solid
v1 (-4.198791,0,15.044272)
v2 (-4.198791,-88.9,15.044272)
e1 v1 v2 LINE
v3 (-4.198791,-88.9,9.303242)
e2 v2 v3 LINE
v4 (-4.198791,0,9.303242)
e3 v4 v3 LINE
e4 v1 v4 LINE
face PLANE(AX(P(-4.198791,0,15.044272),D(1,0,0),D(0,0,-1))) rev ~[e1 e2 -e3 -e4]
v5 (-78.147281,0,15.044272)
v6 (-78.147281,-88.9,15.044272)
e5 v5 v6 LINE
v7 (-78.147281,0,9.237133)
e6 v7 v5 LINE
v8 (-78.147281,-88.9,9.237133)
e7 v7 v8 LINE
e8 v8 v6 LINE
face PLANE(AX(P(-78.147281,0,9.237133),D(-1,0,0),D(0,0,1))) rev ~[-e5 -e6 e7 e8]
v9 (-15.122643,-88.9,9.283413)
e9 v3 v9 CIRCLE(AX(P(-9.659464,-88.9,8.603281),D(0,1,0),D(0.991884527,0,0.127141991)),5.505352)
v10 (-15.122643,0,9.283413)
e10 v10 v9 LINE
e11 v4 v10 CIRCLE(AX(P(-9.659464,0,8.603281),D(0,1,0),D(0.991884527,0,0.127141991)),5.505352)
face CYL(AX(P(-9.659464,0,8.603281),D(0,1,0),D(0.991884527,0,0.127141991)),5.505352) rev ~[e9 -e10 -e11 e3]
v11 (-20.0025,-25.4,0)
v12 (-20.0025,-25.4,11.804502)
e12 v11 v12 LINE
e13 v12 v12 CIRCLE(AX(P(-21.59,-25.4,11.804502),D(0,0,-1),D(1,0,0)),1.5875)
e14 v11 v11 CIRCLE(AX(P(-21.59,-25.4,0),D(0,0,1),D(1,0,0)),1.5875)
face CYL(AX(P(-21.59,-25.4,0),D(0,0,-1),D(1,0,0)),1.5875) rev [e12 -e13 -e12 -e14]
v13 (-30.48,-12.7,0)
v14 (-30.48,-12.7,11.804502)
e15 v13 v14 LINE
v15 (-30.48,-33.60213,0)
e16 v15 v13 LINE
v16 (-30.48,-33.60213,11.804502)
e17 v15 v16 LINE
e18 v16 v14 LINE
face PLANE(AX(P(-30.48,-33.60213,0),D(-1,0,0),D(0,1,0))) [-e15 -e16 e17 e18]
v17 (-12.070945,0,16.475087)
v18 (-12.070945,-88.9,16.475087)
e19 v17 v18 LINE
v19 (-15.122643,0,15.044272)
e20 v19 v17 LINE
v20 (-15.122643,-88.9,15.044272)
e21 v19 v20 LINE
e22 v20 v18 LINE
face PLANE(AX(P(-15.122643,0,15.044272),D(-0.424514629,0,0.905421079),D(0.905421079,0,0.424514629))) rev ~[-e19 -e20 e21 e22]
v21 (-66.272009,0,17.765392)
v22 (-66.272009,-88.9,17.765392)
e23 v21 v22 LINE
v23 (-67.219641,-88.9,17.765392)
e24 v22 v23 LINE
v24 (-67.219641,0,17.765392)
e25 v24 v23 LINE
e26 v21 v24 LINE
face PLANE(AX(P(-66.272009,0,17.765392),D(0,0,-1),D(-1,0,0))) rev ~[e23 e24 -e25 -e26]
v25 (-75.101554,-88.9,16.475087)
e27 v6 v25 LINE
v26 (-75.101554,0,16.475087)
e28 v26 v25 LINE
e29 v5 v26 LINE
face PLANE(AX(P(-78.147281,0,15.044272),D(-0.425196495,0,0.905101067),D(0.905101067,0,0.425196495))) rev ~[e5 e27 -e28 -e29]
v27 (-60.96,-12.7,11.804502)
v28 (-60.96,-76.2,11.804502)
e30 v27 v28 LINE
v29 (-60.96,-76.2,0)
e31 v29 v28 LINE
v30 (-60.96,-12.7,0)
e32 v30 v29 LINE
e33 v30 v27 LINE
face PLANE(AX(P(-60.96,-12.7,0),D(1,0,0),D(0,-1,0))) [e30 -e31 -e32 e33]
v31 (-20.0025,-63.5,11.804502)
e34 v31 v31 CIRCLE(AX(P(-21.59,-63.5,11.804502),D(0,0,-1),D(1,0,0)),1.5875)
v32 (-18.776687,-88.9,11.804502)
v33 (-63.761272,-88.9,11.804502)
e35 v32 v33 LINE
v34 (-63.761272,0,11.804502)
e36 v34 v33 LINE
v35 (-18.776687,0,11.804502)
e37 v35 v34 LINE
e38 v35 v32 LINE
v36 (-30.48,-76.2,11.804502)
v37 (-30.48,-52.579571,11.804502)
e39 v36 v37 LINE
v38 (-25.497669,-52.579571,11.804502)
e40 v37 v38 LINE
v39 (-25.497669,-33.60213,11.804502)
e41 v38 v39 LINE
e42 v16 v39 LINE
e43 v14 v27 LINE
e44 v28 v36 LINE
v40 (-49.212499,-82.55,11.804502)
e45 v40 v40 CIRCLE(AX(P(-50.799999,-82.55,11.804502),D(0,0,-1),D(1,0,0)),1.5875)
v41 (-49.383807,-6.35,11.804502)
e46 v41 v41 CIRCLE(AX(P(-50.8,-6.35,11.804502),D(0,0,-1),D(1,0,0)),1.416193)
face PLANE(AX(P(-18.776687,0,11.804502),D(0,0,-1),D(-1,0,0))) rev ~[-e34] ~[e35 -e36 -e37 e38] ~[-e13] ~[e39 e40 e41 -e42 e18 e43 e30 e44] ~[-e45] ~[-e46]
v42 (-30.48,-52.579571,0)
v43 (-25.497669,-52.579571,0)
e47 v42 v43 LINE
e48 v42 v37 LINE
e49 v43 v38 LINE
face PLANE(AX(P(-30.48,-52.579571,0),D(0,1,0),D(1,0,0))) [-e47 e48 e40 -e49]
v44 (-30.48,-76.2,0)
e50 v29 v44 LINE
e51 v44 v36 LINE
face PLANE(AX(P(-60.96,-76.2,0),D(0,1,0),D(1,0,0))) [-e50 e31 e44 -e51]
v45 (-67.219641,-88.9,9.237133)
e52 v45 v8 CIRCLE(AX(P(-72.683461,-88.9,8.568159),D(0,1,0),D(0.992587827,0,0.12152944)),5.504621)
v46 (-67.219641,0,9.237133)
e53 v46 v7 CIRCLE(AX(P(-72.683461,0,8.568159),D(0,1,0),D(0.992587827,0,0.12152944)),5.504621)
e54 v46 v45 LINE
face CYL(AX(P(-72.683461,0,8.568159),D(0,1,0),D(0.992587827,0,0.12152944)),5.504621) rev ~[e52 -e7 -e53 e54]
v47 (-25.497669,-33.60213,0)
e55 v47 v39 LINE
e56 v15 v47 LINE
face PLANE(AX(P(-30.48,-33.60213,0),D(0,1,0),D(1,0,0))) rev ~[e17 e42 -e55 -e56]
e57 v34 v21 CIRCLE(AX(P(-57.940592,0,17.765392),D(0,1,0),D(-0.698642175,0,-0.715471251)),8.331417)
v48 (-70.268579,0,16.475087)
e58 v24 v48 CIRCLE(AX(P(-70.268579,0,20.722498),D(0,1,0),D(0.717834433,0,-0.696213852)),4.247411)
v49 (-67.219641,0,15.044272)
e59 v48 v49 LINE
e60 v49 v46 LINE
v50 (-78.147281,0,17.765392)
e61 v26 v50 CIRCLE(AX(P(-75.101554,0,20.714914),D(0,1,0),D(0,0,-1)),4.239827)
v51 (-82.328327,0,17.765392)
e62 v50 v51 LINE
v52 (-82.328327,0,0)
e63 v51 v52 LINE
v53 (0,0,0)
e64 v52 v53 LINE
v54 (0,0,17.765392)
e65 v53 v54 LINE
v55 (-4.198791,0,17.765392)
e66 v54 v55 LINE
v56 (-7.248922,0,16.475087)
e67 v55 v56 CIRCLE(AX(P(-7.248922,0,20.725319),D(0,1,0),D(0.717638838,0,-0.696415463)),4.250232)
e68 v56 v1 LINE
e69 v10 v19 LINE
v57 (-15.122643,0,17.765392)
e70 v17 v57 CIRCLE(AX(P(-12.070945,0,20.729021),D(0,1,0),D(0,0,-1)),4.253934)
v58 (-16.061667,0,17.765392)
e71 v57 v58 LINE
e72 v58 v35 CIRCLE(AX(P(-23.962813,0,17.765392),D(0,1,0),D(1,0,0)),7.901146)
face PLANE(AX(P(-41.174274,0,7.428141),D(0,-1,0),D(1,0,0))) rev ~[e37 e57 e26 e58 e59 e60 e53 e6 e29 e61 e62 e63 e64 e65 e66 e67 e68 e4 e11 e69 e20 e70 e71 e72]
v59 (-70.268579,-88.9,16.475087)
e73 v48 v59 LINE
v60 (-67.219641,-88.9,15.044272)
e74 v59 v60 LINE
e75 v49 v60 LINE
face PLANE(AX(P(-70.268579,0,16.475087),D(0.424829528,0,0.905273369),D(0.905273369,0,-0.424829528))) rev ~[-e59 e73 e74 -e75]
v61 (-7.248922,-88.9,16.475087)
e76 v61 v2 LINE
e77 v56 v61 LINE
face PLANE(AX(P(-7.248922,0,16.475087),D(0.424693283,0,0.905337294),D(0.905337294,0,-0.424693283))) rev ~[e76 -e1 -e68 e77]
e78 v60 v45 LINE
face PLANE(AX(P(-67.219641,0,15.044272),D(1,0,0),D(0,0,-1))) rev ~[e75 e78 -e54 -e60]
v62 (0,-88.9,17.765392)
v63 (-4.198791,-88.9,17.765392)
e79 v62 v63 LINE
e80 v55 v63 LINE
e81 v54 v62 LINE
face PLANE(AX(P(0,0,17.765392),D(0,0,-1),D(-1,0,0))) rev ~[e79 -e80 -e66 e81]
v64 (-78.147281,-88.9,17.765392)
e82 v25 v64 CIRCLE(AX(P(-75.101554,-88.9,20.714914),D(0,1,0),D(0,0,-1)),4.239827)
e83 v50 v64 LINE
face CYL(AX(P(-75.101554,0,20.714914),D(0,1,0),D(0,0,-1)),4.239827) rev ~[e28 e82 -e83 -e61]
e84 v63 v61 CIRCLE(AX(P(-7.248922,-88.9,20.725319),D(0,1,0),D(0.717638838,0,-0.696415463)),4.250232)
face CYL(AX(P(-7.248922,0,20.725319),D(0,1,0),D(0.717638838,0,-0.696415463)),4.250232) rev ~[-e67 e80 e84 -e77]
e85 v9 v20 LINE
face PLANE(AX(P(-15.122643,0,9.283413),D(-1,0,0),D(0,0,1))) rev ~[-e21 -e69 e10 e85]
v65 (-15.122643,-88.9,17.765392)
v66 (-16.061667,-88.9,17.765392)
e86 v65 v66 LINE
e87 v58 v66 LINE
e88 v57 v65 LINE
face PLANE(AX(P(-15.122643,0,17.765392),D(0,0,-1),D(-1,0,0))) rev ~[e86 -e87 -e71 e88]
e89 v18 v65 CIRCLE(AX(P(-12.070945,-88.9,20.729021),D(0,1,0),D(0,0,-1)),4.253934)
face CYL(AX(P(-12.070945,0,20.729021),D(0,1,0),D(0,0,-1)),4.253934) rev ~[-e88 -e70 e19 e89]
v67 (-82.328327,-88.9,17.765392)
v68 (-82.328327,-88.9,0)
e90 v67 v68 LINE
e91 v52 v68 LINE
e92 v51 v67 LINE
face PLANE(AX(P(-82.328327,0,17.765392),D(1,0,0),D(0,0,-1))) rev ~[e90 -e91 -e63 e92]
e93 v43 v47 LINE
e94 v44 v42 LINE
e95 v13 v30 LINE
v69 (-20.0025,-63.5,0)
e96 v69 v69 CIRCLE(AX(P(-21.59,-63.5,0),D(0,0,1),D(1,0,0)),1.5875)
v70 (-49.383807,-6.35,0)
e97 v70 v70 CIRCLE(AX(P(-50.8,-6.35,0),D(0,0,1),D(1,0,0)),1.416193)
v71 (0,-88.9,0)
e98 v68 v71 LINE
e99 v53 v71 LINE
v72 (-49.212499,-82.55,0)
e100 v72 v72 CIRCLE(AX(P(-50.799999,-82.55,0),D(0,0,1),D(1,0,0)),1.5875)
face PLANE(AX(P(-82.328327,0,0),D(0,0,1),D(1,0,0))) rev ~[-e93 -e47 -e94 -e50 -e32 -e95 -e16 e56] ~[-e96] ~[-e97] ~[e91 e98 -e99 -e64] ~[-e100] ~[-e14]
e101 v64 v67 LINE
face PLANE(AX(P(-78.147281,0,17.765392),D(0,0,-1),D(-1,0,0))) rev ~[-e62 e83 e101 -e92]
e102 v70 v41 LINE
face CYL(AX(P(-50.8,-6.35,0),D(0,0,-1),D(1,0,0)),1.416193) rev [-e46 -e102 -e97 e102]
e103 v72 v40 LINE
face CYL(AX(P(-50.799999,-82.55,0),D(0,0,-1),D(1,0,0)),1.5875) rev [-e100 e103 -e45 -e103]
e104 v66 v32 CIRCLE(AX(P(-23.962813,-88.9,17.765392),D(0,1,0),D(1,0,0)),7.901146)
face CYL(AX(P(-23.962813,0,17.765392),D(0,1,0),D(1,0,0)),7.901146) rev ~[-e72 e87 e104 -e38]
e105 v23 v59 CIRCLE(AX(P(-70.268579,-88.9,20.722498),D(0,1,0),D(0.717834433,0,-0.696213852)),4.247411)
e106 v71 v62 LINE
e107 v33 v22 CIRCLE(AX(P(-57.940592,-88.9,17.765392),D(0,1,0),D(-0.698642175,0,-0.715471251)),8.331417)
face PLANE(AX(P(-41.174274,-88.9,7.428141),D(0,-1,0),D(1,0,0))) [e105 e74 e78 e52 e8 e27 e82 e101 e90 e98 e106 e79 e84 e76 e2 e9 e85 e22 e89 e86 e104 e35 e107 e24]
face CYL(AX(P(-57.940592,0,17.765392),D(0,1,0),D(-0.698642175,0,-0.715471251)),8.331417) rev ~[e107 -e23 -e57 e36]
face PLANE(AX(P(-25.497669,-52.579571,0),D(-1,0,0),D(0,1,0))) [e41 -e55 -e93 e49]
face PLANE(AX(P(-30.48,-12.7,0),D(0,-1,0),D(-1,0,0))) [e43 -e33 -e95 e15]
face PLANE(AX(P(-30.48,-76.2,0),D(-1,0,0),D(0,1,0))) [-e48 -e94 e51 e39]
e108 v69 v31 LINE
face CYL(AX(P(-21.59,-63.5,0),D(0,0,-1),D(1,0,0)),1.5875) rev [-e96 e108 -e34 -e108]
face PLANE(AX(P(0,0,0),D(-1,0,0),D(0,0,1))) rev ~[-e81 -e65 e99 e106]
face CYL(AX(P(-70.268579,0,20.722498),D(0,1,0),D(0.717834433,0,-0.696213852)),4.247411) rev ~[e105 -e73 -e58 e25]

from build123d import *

# Parameters (mm, degrees)
F1_DEPTH = 88.9
F2_W     = 4.9823306459
F2_H     = 18.9774408937
F3_DEPTH = 127
F4_R     = 1.5875
F5_DEPTH = 127
F6_R     = 1.4161925478
F6_R_2   = 1.5875
F7_DEPTH = 76.2


with BuildPart() as f1:
    # F0 (on Front) → F1 (new body)
    with BuildSketch(Plane.XZ):
        with BuildLine():
            Line((-22.8439420462, 0), (0, 0))
            Line((0, 0), (0, 17.765391618))
            Line((0, 17.765391618), (-4.1987905279, 17.765391618))
            Line((-4.1987905279, 17.765391618), (-4.1987905279, 16.4750870317))
            Line((-4.1987905279, 16.4750870317), (-4.1987905279, 15.044271946))
            Line((-4.1987905279, 15.044271946), (-4.1987905279, 9.3032421722))
            ThreePointArc((-4.1987905279, 9.3032421722), (-9.6494707531, 3.097937748), (-15.1226427406, 9.2834131792))
            Line((-15.1226427406, 9.2834131792), (-15.1226427406, 15.044271946))
            Line((-15.1226427406, 15.044271946), (-15.1226427406, 16.4750870317))
            Line((-15.1226427406, 16.4750870317), (-15.1226427406, 17.765391618))
            Line((-15.1226427406, 17.765391618), (-16.0616673529, 17.765391618))
            Line((-16.0616673529, 17.765391618), (-16.0616673529, 11.8045024574))
            Line((-16.0616673529, 11.8045024574), (-18.7766868621, 11.8045024574))
            Line((-18.7766868621, 11.8045024574), (-63.7612715364, 11.8045024574))
            Line((-63.7612715364, 11.8045024574), (-66.2720091641, 11.8045024574))
            Line((-66.2720091641, 11.8045024574), (-66.2720091641, 17.765391618))
            Line((-66.2720091641, 17.765391618), (-67.2196410596, 17.765391618))
            Line((-67.2196410596, 17.765391618), (-67.2196410596, 16.4750870317))
            Line((-67.2196410596, 16.4750870317), (-67.2196410596, 15.044271946))
            Line((-67.2196410596, 15.044271946), (-67.2196410596, 9.2371329665))
            ThreePointArc((-67.2196410596, 9.2371329665), (-72.6834610105, 3.0635382866), (-78.1472809613, 9.2371329665))
            Line((-78.1472809613, 9.2371329665), (-78.1472809613, 15.044271946))
            Line((-78.1472809613, 15.044271946), (-78.1472809613, 16.4750870317))
            Line((-78.1472809613, 16.4750870317), (-78.1472809613, 17.765391618))
            Line((-78.1472809613, 17.765391618), (-82.3283270001, 17.765391618))
            Line((-82.3283270001, 17.765391618), (-82.3283270001, 0))
            Line((-82.3283270001, 0), (-22.8439420462, 0))
        make_face()
        with BuildLine():
            Line((-4.1987905279, 16.4750870317), (-4.1987905279, 17.765391618))
            ThreePointArc((-4.1987905279, 17.765391618), (-5.5930091509, 16.810932091), (-7.2489217855, 16.4750870317))
            Line((-7.2489217855, 16.4750870317), (-4.1987905279, 16.4750870317))
        make_face()
        Polygon((-4.1987905279, 15.044271946), (-4.1987905279, 16.4750870317), (-7.2489217855, 16.4750870317), align=None)
        with BuildLine():
            ThreePointArc((-75.1015543938, 16.4750870317), (-76.755438931, 16.8109674547), (-78.1472809613, 17.765391618))
            Line((-78.1472809613, 17.765391618), (-78.1472809613, 16.4750870317))
            Line((-78.1472809613, 16.4750870317), (-75.1015543938, 16.4750870317))
        make_face()
        Polygon((-75.1015543938, 16.4750870317), (-78.1472809613, 16.4750870317), (-78.1472809613, 15.044271946), align=None)
        Polygon((-15.1226427406, 16.4750870317), (-15.1226427406, 15.044271946), (-12.0709454641, 16.4750870317), align=None)
        with BuildLine():
            Line((-15.1226427406, 17.765391618), (-15.1226427406, 16.4750870317))
            Line((-15.1226427406, 16.4750870317), (-12.0709454641, 16.4750870317))
            ThreePointArc((-12.0709454641, 16.4750870317), (-13.7275792644, 16.8109195511), (-15.1226427406, 17.765391618))
        make_face()
        Polygon((-70.2685788274, 16.4750870317), (-67.2196410596, 15.044271946), (-67.2196410596, 16.4750870317), align=None)
        with BuildLine():
            Line((-16.0616673529, 11.8045024574), (-16.0616673529, 17.765391618))
            ThreePointArc((-16.0616673529, 17.765391618), (-16.7723874031, 14.4903522854), (-18.7766868621, 11.8045024574))
            Line((-18.7766868621, 11.8045024574), (-16.0616673529, 11.8045024574))
        make_face()
        with BuildLine():
            Line((-70.2685788274, 16.4750870317), (-67.2196410596, 16.4750870317))
            Line((-67.2196410596, 16.4750870317), (-67.2196410596, 17.765391618))
            ThreePointArc((-67.2196410596, 17.765391618), (-68.6132157677, 16.8109416595), (-70.2685788274, 16.4750870317))
        make_face()
        with BuildLine():
            Line((-66.2720091641, 11.8045024574), (-63.7612715364, 11.8045024574))
            ThreePointArc((-63.7612715364, 11.8045024574), (-65.6187109531, 14.5313537773), (-66.2720091641, 17.765391618))
            Line((-66.2720091641, 17.765391618), (-66.2720091641, 11.8045024574))
        make_face()
    extrude(amount=F1_DEPTH)

    # F2 (on Top) → F3 (cut)
    with BuildSketch(Plane.XY):
        Polygon((-30.48, -12.7), (-60.96, -12.7), (-60.96, -76.2), (-30.48, -76.2), (-30.48, -52.5795705616), (-30.48, -33.602129668), align=None)
        with Locations((-27.988834677, -43.0908501148)):
            Rectangle(F2_W, F2_H)
    extrude(amount=F3_DEPTH, mode=Mode.SUBTRACT)

    # F4 (on Top) → F5 (cut)
    with BuildSketch(Plane.XY):
        with Locations((-21.59, -25.4)):
            Circle(F4_R)
        with Locations((-21.59, -63.5)):
            Circle(F4_R)
    extrude(amount=F5_DEPTH, mode=Mode.SUBTRACT)

    # F6 (on Top) → F7 (cut)
    with BuildSketch(Plane.XY):
        with Locations((-50.8, -6.35)):
            Circle(F6_R)
        with Locations((-50.7999993861, -82.55)):
            Circle(F6_R_2)
    extrude(amount=F7_DEPTH, mode=Mode.SUBTRACT)


solid = f1.part
